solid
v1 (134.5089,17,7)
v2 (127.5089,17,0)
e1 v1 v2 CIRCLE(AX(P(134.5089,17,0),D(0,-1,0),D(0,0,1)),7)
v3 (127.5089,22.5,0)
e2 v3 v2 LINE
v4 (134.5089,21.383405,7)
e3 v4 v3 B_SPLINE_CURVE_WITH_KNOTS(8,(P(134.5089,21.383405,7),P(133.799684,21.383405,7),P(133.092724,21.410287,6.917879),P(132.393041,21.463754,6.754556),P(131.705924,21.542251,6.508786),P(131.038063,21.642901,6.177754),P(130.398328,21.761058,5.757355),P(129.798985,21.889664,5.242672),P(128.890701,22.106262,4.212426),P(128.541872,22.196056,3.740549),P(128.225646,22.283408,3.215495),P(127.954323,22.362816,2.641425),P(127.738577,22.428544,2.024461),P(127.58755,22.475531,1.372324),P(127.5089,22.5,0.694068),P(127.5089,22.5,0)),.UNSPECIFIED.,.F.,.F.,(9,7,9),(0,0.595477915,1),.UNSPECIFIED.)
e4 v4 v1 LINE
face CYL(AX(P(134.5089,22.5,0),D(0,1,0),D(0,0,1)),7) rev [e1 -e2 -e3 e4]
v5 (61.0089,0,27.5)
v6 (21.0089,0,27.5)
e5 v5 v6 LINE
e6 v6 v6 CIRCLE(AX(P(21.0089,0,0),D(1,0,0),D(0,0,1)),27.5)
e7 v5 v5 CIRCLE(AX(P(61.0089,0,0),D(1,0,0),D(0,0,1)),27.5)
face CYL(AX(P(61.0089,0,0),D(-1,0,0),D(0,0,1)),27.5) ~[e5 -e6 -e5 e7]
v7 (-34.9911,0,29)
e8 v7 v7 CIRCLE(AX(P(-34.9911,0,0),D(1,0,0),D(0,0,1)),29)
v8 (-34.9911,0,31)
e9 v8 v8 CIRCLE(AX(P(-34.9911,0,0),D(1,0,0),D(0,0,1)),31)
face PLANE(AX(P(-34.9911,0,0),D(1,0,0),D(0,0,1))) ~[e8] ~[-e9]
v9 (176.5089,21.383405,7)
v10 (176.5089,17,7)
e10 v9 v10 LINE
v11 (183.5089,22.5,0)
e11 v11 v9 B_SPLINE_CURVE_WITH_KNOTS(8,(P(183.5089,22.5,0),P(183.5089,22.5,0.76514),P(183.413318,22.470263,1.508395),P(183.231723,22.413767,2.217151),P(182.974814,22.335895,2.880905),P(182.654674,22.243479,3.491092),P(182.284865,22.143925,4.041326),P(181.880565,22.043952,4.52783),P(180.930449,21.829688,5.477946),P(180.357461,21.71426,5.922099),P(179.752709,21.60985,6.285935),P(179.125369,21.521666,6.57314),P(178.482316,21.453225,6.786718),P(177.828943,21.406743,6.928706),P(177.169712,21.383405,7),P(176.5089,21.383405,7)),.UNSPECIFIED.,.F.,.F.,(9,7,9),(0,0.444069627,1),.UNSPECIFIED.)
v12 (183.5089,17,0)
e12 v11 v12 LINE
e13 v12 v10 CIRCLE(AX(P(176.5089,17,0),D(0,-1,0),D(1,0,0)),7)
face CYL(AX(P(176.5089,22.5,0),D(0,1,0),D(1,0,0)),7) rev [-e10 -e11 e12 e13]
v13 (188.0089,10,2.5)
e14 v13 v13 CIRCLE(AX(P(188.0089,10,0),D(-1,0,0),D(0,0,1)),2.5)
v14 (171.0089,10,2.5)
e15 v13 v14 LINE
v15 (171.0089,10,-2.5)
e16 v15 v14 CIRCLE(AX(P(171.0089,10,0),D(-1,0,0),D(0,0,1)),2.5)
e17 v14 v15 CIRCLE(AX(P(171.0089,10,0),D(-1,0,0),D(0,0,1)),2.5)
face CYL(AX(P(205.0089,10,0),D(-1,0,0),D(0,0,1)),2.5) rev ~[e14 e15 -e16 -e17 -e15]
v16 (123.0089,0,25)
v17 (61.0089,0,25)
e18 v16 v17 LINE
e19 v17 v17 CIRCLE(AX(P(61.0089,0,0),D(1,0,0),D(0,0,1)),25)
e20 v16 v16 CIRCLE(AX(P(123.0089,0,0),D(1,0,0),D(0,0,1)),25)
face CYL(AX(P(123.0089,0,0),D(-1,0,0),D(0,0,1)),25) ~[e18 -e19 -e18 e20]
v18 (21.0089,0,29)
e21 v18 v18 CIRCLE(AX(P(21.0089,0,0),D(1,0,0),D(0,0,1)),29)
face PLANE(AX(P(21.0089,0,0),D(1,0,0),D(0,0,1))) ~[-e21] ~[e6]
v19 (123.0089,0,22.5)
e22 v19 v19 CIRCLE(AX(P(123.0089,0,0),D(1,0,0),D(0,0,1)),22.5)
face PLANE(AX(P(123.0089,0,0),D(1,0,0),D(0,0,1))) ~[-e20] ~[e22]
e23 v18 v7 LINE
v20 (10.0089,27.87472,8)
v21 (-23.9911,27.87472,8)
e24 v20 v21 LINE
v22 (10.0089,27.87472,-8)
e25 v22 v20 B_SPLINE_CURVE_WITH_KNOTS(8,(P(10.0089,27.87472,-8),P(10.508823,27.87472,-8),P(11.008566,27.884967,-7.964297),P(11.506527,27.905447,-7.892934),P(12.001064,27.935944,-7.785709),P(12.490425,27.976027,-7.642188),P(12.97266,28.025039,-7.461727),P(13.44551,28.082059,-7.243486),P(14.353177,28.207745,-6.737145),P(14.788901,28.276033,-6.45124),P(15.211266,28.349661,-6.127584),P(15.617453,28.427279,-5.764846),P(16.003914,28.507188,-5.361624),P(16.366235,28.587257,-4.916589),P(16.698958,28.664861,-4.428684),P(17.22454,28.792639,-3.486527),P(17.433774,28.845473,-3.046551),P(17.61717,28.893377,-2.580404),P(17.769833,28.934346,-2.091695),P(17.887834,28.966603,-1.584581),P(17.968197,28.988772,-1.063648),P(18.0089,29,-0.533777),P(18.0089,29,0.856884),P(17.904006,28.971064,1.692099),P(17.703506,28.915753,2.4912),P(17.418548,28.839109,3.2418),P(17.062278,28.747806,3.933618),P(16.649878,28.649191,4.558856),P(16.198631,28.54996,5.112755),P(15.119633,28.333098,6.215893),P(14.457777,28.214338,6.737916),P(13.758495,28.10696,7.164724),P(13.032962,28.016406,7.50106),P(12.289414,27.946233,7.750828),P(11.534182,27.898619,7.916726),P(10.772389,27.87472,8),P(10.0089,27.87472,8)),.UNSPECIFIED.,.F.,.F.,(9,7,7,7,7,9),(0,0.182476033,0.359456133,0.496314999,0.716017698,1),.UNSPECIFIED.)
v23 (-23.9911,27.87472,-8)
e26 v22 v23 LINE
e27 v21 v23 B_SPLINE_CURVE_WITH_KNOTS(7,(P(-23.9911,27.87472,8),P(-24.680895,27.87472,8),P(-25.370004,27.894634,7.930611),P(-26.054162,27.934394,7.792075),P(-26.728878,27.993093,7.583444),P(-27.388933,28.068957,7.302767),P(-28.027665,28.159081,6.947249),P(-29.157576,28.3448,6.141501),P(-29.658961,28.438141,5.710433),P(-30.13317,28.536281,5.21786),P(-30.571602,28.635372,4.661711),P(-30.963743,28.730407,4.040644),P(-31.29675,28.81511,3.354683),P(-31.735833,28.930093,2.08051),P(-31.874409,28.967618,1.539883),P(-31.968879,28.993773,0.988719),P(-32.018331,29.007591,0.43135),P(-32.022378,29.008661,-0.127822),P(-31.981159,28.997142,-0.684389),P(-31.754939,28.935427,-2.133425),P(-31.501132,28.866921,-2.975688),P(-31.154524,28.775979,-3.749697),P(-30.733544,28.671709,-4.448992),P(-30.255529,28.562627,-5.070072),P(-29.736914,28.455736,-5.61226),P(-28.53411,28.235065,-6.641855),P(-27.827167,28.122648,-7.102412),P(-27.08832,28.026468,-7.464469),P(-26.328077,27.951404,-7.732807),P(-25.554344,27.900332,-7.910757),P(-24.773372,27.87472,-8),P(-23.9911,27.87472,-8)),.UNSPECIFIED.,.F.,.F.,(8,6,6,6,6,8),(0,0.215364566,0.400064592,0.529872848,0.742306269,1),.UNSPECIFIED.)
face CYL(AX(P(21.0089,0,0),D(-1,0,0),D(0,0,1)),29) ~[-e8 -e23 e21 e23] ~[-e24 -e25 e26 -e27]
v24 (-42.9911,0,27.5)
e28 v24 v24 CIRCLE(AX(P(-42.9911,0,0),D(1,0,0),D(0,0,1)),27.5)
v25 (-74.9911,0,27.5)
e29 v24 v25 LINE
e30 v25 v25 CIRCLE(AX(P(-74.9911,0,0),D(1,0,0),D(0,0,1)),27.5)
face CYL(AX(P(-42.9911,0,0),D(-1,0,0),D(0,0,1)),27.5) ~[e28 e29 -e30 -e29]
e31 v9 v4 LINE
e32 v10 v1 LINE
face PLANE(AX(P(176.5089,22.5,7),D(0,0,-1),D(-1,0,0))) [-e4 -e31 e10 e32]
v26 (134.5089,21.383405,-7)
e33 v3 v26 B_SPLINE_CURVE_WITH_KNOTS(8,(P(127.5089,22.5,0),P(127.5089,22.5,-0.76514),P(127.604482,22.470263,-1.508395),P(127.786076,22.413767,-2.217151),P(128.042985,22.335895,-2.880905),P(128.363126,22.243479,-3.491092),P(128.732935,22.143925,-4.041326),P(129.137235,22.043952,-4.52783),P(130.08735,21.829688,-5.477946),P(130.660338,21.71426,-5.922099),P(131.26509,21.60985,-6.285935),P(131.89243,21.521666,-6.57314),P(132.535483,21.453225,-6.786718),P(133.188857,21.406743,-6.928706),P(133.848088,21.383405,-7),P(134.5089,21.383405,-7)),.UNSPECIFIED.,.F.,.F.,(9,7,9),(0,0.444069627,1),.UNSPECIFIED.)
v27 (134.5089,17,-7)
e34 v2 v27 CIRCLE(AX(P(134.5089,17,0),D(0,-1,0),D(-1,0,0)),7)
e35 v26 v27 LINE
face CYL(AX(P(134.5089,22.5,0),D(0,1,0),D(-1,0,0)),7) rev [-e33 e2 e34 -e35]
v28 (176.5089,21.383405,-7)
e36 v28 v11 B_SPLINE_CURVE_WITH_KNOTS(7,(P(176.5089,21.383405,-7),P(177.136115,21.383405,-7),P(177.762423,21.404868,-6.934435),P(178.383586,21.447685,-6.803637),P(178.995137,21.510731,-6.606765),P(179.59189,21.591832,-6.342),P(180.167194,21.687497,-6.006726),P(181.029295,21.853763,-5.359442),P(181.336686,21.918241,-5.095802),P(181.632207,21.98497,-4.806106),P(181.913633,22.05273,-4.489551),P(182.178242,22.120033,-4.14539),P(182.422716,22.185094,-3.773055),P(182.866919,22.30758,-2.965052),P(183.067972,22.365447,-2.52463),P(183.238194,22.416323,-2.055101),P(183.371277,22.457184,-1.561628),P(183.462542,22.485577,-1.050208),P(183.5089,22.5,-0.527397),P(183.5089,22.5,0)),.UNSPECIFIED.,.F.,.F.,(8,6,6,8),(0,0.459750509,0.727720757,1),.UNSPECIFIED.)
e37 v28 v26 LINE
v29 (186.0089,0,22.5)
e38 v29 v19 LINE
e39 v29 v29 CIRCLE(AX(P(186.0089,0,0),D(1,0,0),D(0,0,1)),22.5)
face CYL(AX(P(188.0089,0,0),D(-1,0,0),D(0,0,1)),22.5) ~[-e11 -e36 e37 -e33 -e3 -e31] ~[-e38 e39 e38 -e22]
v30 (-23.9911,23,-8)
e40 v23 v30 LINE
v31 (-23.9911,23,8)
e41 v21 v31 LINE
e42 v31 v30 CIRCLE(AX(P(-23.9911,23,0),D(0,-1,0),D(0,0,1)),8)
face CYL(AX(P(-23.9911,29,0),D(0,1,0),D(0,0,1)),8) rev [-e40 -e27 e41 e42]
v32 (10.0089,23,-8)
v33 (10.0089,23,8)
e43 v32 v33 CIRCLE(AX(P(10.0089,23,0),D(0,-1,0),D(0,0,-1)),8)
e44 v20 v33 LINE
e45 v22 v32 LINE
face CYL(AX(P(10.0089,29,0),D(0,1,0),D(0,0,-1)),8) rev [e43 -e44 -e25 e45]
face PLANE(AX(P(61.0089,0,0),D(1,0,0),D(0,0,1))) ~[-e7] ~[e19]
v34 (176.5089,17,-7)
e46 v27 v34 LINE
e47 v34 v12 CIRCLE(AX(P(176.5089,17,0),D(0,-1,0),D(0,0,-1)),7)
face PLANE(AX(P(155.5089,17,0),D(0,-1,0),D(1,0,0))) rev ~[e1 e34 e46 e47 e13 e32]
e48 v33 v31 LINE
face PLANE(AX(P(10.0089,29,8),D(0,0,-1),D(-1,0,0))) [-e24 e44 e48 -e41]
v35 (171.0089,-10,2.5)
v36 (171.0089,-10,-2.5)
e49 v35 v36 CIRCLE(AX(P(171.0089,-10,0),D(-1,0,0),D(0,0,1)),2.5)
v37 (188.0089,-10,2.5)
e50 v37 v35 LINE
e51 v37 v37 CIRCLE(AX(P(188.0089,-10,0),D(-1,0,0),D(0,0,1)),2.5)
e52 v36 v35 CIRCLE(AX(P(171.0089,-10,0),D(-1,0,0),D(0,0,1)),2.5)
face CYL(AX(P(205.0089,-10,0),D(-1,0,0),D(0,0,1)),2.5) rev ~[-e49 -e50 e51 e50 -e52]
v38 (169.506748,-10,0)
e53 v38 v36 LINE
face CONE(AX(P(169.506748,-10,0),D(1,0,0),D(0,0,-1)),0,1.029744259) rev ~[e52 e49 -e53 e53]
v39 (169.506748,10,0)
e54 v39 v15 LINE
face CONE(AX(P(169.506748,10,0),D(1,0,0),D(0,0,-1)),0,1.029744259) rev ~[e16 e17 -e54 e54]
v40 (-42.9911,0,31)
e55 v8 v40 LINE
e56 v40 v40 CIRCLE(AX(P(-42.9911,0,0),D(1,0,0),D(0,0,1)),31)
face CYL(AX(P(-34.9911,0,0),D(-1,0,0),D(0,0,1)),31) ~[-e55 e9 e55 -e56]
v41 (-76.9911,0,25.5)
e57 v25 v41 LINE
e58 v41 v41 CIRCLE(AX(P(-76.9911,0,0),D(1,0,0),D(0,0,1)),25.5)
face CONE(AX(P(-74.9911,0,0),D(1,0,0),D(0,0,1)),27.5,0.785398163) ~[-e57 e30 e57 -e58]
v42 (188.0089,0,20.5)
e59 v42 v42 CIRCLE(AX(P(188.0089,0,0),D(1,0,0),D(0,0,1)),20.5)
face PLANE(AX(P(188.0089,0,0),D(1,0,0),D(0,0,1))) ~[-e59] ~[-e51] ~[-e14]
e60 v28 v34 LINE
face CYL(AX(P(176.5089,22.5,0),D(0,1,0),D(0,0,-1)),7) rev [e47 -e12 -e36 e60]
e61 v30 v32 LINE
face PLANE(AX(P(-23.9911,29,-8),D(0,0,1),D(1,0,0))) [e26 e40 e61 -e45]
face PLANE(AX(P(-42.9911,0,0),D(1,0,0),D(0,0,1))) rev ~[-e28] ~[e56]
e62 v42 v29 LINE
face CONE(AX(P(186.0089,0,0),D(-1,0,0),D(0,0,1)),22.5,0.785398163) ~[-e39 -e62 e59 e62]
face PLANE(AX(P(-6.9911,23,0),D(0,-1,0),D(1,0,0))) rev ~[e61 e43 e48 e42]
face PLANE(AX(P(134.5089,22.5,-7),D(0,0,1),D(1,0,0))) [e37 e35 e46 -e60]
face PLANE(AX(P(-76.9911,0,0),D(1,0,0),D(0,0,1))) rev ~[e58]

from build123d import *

# Parameters (mm, degrees)
CUT_EXTRUDE_1_DEPTH    = 6
CUT_EXTRUDE_2_DEPTH    = 5.5
CHAMFER_1_SIZE         = 2
HOLE_WIZARD_M6_1_D     = 5
HOLE_WIZARD_M6_1_DEPTH = 17
HOLE_WIZARD_M6_1_TIP   = 1.502151548


with BuildPart() as part:
    # 草图1 → 旋转1 (revolve)
    with BuildSketch(Plane.XY, mode=Mode.PRIVATE) as revolve_1_sk:
        Polygon((-76.99110035, 0), (188.00889965, 0), (188.00889965, 22.5), (123.00889965, 22.5), (123.00889965, 25), (61.00889965, 25), (61.00889965, 27.5), (21.00889965, 27.5), (21.00889965, 29), (-34.99110035, 29), (-34.99110035, 31), (-42.99110035, 31), (-42.99110035, 27.5), (-76.99110035, 27.5), align=None)
    revolve(revolve_1_sk.sketch.rotate(Axis((-104.076979444, 0, 0), (1, 0, 0)), 90), axis=Axis((-104.076979444, 0, 0), (1, 0, 0)))

    # 草图2 → 切除-拉伸1 (cut)
    with BuildSketch(Plane(origin=(0, 29, 0), x_dir=(-1, 0, 0), z_dir=(0, 1, 0))):
        with BuildLine():
            Line((23.99110035, -8), (-10.00889965, -8))
            ThreePointArc((-10.00889965, -8), (-18.00889965, 0), (-10.00889965, 8))
            Line((-10.00889965, 8), (23.99110035, 8))
            ThreePointArc((23.99110035, 8), (31.99110035, 0), (23.99110035, -8))
        make_face()
    extrude(amount=-CUT_EXTRUDE_1_DEPTH, mode=Mode.SUBTRACT)

    # 草图3 → 切除-拉伸2 (cut)
    with BuildSketch(Plane(origin=(0, 22.5, 0), x_dir=(-1, 0, 0), z_dir=(0, 1, 0))):
        with BuildLine():
            Line((-176.50889965, 7), (-134.50889965, 7))
            ThreePointArc((-134.50889965, 7), (-129.559152182, 4.949747468), (-127.50889965, 0))
            ThreePointArc((-127.50889965, 0), (-129.559152182, -4.949747468), (-134.50889965, -7))
            Line((-134.50889965, -7), (-176.50889965, -7))
            ThreePointArc((-176.50889965, -7), (-181.458647118, -4.949747468), (-183.50889965, 0))
            ThreePointArc((-183.50889965, 0), (-181.458647118, 4.949747468), (-176.50889965, 7))
        make_face()
    extrude(amount=-CUT_EXTRUDE_2_DEPTH, mode=Mode.SUBTRACT)

    # 倒角1
    chamfer_1_edges = [part.edges().sort_by_distance(p)[0] for p in [
        (188.00889965, 0, -22.5),
        (-76.99110035, 0, -27.5),
    ]]
    chamfer(chamfer_1_edges, length=CHAMFER_1_SIZE)

    # M6 螺纹孔1
    with Locations(Plane(origin=(188.00889965, 0, 0), x_dir=(0, 0, -1), z_dir=(1, 0, 0))):
        with Locations((0, 10), (0, -10)):
            Hole(HOLE_WIZARD_M6_1_D / 2, depth=HOLE_WIZARD_M6_1_DEPTH)
            with Locations((0, 0, -(HOLE_WIZARD_M6_1_DEPTH + HOLE_WIZARD_M6_1_TIP / 2))):  # 118° drill point
                Cone(0, HOLE_WIZARD_M6_1_D / 2, HOLE_WIZARD_M6_1_TIP, mode=Mode.SUBTRACT)


solid = part.part
